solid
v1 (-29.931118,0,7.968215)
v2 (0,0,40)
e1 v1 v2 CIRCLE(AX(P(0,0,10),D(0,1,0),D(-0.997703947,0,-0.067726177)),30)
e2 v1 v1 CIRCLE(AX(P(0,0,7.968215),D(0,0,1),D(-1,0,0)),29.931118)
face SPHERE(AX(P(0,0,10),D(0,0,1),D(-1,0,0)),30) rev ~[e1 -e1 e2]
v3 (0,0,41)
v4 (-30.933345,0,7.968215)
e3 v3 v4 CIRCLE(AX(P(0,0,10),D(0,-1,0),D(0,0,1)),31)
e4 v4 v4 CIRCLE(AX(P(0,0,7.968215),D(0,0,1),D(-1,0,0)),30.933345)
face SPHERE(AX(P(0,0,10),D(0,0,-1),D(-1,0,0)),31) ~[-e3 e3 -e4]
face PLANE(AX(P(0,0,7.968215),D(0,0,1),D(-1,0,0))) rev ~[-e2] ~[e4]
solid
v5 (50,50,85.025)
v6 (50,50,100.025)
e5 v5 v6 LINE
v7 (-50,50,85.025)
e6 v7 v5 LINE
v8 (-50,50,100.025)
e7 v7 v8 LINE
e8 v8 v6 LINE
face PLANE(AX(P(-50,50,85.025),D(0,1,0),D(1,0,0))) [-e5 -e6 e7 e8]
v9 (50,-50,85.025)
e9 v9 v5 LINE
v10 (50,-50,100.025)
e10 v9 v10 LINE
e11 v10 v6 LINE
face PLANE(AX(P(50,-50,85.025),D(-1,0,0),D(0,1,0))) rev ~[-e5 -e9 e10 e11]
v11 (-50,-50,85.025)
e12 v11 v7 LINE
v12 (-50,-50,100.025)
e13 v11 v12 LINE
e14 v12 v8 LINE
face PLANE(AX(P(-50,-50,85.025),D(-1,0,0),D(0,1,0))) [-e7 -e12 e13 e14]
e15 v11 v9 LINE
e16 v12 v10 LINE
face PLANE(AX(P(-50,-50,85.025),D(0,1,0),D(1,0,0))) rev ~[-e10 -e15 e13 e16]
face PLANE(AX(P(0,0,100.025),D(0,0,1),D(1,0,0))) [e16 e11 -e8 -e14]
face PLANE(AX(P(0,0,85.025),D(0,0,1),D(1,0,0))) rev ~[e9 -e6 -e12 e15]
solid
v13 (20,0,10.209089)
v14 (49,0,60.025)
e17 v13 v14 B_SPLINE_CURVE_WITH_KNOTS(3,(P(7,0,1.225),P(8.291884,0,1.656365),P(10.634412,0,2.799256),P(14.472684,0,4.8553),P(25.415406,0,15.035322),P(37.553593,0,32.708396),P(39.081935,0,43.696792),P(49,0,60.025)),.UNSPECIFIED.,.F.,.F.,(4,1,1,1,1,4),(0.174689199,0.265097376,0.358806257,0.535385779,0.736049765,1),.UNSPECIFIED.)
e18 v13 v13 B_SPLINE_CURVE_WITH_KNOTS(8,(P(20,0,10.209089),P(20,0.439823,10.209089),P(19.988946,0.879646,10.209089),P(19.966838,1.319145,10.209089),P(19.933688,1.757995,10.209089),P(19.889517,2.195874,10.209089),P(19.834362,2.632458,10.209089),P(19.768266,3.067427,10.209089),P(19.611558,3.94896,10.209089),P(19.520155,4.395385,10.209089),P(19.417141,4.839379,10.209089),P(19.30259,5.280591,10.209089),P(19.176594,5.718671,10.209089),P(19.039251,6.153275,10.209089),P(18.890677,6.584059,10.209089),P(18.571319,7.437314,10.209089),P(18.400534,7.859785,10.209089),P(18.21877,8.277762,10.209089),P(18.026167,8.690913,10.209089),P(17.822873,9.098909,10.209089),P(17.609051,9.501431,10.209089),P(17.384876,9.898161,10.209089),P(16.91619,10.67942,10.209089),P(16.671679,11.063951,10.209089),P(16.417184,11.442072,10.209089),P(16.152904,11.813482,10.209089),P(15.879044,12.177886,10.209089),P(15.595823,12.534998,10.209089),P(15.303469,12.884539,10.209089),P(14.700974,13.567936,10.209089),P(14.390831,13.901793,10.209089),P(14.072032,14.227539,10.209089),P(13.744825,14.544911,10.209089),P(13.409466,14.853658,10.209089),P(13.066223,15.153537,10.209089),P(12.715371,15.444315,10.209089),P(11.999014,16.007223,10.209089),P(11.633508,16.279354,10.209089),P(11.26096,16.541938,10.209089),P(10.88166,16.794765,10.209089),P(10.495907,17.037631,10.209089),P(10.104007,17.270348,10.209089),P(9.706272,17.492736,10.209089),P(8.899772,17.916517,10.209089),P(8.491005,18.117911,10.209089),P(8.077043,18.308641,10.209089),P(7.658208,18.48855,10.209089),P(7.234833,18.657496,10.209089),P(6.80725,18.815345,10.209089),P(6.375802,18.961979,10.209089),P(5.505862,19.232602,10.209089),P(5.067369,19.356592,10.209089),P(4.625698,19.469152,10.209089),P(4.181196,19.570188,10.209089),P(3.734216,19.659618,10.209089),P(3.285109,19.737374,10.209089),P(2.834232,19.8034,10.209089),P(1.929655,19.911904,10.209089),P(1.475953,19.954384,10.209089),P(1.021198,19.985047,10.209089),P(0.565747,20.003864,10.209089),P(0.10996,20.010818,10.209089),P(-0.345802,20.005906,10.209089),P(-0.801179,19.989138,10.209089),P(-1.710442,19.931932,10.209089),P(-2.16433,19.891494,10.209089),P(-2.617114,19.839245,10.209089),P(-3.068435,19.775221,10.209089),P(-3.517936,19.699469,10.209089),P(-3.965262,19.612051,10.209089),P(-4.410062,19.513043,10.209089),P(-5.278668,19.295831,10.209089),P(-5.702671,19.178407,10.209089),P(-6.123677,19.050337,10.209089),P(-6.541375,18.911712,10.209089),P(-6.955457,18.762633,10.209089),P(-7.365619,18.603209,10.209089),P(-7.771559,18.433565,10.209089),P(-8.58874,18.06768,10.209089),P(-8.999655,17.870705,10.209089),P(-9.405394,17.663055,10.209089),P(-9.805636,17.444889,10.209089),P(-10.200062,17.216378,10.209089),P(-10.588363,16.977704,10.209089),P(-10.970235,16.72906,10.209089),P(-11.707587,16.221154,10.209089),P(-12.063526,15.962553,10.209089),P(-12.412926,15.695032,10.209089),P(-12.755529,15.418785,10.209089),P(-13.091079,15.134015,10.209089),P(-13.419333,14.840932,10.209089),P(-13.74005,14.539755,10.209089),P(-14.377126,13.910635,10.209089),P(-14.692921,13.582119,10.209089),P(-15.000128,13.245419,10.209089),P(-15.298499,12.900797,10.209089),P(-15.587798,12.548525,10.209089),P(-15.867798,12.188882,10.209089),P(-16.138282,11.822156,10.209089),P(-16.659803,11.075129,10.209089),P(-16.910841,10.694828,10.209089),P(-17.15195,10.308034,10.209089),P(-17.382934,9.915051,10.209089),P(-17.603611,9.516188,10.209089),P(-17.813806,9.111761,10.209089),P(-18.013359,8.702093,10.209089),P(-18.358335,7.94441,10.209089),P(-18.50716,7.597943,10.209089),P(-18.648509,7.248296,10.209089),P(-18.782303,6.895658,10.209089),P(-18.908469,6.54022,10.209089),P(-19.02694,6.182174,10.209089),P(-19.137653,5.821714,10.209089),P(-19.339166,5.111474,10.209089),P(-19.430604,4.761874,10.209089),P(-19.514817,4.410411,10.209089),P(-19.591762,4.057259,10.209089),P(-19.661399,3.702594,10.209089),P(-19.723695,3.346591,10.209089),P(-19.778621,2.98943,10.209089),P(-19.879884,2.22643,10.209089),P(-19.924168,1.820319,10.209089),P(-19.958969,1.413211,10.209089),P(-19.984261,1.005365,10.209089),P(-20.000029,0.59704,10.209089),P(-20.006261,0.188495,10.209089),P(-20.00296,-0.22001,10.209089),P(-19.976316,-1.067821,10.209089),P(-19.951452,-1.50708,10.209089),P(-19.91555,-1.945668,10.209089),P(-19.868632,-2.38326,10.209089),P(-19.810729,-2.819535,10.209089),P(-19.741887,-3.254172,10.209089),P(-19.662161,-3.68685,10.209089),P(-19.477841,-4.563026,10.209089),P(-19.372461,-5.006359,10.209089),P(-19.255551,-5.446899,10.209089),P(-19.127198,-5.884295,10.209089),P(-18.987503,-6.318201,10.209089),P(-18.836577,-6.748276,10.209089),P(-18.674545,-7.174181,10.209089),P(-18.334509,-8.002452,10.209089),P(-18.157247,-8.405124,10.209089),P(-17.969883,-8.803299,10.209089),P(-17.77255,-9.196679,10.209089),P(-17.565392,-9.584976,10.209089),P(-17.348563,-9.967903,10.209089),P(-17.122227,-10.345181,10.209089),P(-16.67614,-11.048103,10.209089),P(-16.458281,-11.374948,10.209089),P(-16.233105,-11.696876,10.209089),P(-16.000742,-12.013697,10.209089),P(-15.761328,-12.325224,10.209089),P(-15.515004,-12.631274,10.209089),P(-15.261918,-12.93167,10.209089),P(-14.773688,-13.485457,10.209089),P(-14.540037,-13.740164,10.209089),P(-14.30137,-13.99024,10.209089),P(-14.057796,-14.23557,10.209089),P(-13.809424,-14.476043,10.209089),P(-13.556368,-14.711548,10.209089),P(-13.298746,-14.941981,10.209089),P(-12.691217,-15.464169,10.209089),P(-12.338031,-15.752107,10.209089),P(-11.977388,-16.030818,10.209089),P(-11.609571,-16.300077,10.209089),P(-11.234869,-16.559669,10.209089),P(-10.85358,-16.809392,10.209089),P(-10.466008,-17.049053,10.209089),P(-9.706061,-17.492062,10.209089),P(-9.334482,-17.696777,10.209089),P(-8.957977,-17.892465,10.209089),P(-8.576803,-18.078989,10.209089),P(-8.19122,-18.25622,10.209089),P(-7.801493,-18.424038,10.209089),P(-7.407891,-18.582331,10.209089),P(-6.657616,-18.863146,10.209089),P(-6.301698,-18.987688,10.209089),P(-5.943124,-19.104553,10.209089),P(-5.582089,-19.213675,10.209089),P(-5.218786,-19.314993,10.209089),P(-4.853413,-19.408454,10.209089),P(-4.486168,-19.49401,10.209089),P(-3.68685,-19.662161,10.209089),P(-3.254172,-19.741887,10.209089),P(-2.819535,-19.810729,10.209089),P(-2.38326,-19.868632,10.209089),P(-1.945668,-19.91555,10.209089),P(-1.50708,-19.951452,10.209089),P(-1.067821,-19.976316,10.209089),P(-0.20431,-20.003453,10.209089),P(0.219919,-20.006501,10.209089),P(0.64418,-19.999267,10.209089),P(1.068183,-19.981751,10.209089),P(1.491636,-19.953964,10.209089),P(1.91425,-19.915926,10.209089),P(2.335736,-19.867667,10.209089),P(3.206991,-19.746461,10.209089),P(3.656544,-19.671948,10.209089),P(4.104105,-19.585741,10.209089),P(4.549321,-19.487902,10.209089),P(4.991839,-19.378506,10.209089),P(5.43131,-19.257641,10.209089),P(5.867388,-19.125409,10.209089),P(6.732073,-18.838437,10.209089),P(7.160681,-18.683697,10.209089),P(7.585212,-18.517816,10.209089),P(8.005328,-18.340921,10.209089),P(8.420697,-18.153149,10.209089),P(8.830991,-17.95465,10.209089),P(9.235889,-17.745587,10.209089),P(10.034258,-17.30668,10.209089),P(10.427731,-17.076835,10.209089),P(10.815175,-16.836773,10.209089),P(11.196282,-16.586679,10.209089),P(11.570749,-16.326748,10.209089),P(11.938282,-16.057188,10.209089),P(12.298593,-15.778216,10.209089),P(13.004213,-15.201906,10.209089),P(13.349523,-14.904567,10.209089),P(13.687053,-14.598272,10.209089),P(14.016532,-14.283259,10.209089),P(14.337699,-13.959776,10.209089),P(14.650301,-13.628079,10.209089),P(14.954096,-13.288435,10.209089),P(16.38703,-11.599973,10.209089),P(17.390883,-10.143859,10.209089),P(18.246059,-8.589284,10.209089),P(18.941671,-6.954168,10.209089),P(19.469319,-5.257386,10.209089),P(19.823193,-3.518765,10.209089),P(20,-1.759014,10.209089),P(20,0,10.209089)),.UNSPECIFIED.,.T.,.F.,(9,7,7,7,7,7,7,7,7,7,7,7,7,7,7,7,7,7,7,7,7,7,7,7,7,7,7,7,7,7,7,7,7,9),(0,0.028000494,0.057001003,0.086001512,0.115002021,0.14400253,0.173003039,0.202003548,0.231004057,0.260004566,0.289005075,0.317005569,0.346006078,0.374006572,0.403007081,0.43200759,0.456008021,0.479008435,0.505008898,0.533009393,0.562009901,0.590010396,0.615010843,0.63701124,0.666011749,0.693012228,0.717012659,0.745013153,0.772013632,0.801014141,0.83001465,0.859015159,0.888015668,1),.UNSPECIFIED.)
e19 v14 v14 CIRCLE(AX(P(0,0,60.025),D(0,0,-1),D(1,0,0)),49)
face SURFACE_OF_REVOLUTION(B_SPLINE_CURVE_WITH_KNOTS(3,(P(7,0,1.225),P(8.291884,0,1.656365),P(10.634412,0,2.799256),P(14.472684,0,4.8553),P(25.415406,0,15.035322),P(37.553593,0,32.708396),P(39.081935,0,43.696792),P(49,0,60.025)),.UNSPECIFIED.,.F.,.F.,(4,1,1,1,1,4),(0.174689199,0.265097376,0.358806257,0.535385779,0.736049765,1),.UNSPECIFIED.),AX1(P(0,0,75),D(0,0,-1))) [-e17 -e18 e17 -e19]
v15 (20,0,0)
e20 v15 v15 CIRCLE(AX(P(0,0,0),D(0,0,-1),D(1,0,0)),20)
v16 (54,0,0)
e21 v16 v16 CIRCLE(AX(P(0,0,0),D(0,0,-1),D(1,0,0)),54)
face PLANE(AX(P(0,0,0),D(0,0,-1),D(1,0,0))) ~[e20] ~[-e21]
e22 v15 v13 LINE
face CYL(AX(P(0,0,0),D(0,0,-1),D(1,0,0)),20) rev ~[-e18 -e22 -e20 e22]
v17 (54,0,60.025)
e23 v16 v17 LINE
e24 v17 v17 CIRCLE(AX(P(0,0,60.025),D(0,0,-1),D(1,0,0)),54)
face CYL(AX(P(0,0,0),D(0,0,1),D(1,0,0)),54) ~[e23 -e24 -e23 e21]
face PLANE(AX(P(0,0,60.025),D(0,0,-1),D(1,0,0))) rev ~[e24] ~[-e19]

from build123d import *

# Parameters (mm, degrees)
F2_R      = 20
F3_DEPTH  = 60.0260001
F9_W      = 100
F9_H      = 100
F10_DEPTH = 15


with BuildPart() as f1:
    # F0 (on Front) → F1 (revolve)
    with BuildSketch(Plane.XZ):
        with BuildLine():
            Line((7, 0), (54, 0))
            Line((54, 0), (54, 60.025))
            Line((54, 60.025), (49, 60.025))
            add(Edge.make_bspline(
                [(7, 1.225), (8.2918844351, 1.656365385), (10.6344117794, 2.7992556088), (14.4726843549, 4.8552998081), (25.4154060733, 15.0353221815), (37.5535931678, 32.7083956946), (39.0819350647, 43.6967922724), (49, 60.025)],
                knots=[0.1746891991, 0.1746891991, 0.1746891991, 0.1746891991, 0.2650973756, 0.3588062568, 0.5353857795, 0.7360497648, 1, 1, 1, 1], degree=3))
            Line((7, 1.225), (7, 0))
        make_face()
    revolve(axis=Axis((0, 0, 75), (0, 0, -1)))

    # F2 (on face) → F3 (cut, through all)
    with BuildSketch(Plane(origin=(0, 0, 0), x_dir=(1, 0, 0), z_dir=(0, 0, -1))):
        Circle(F2_R)
    extrude(amount=-F3_DEPTH, mode=Mode.SUBTRACT)


with BuildPart() as f7:
    # F6 (on Front) → F7 (revolve)
    with BuildSketch(Plane.XZ):
        with BuildLine():
            ThreePointArc((-29.9311183954, 7.9682146759), (-21.9197805614, 30.4822659913), (0, 40))
            Line((0, 40), (0, 41))
            ThreePointArc((0, 41), (-22.6272550815, 31.1897930022), (-30.9333452507, 7.9682146759))
            Line((-30.9333452507, 7.9682146759), (-29.9311183954, 7.9682146759))
        make_face()
    revolve(axis=Axis((0, 0, 23.6347168684), (0, 0, 1)))


with BuildPart() as f10:
    # F9 (on offset) → F10 (new body)
    with BuildSketch(Plane.XY.offset(85.025)):
        Rectangle(F9_W, F9_H)
    extrude(amount=F10_DEPTH)


solid = Compound([f1.part, f7.part, f10.part])
